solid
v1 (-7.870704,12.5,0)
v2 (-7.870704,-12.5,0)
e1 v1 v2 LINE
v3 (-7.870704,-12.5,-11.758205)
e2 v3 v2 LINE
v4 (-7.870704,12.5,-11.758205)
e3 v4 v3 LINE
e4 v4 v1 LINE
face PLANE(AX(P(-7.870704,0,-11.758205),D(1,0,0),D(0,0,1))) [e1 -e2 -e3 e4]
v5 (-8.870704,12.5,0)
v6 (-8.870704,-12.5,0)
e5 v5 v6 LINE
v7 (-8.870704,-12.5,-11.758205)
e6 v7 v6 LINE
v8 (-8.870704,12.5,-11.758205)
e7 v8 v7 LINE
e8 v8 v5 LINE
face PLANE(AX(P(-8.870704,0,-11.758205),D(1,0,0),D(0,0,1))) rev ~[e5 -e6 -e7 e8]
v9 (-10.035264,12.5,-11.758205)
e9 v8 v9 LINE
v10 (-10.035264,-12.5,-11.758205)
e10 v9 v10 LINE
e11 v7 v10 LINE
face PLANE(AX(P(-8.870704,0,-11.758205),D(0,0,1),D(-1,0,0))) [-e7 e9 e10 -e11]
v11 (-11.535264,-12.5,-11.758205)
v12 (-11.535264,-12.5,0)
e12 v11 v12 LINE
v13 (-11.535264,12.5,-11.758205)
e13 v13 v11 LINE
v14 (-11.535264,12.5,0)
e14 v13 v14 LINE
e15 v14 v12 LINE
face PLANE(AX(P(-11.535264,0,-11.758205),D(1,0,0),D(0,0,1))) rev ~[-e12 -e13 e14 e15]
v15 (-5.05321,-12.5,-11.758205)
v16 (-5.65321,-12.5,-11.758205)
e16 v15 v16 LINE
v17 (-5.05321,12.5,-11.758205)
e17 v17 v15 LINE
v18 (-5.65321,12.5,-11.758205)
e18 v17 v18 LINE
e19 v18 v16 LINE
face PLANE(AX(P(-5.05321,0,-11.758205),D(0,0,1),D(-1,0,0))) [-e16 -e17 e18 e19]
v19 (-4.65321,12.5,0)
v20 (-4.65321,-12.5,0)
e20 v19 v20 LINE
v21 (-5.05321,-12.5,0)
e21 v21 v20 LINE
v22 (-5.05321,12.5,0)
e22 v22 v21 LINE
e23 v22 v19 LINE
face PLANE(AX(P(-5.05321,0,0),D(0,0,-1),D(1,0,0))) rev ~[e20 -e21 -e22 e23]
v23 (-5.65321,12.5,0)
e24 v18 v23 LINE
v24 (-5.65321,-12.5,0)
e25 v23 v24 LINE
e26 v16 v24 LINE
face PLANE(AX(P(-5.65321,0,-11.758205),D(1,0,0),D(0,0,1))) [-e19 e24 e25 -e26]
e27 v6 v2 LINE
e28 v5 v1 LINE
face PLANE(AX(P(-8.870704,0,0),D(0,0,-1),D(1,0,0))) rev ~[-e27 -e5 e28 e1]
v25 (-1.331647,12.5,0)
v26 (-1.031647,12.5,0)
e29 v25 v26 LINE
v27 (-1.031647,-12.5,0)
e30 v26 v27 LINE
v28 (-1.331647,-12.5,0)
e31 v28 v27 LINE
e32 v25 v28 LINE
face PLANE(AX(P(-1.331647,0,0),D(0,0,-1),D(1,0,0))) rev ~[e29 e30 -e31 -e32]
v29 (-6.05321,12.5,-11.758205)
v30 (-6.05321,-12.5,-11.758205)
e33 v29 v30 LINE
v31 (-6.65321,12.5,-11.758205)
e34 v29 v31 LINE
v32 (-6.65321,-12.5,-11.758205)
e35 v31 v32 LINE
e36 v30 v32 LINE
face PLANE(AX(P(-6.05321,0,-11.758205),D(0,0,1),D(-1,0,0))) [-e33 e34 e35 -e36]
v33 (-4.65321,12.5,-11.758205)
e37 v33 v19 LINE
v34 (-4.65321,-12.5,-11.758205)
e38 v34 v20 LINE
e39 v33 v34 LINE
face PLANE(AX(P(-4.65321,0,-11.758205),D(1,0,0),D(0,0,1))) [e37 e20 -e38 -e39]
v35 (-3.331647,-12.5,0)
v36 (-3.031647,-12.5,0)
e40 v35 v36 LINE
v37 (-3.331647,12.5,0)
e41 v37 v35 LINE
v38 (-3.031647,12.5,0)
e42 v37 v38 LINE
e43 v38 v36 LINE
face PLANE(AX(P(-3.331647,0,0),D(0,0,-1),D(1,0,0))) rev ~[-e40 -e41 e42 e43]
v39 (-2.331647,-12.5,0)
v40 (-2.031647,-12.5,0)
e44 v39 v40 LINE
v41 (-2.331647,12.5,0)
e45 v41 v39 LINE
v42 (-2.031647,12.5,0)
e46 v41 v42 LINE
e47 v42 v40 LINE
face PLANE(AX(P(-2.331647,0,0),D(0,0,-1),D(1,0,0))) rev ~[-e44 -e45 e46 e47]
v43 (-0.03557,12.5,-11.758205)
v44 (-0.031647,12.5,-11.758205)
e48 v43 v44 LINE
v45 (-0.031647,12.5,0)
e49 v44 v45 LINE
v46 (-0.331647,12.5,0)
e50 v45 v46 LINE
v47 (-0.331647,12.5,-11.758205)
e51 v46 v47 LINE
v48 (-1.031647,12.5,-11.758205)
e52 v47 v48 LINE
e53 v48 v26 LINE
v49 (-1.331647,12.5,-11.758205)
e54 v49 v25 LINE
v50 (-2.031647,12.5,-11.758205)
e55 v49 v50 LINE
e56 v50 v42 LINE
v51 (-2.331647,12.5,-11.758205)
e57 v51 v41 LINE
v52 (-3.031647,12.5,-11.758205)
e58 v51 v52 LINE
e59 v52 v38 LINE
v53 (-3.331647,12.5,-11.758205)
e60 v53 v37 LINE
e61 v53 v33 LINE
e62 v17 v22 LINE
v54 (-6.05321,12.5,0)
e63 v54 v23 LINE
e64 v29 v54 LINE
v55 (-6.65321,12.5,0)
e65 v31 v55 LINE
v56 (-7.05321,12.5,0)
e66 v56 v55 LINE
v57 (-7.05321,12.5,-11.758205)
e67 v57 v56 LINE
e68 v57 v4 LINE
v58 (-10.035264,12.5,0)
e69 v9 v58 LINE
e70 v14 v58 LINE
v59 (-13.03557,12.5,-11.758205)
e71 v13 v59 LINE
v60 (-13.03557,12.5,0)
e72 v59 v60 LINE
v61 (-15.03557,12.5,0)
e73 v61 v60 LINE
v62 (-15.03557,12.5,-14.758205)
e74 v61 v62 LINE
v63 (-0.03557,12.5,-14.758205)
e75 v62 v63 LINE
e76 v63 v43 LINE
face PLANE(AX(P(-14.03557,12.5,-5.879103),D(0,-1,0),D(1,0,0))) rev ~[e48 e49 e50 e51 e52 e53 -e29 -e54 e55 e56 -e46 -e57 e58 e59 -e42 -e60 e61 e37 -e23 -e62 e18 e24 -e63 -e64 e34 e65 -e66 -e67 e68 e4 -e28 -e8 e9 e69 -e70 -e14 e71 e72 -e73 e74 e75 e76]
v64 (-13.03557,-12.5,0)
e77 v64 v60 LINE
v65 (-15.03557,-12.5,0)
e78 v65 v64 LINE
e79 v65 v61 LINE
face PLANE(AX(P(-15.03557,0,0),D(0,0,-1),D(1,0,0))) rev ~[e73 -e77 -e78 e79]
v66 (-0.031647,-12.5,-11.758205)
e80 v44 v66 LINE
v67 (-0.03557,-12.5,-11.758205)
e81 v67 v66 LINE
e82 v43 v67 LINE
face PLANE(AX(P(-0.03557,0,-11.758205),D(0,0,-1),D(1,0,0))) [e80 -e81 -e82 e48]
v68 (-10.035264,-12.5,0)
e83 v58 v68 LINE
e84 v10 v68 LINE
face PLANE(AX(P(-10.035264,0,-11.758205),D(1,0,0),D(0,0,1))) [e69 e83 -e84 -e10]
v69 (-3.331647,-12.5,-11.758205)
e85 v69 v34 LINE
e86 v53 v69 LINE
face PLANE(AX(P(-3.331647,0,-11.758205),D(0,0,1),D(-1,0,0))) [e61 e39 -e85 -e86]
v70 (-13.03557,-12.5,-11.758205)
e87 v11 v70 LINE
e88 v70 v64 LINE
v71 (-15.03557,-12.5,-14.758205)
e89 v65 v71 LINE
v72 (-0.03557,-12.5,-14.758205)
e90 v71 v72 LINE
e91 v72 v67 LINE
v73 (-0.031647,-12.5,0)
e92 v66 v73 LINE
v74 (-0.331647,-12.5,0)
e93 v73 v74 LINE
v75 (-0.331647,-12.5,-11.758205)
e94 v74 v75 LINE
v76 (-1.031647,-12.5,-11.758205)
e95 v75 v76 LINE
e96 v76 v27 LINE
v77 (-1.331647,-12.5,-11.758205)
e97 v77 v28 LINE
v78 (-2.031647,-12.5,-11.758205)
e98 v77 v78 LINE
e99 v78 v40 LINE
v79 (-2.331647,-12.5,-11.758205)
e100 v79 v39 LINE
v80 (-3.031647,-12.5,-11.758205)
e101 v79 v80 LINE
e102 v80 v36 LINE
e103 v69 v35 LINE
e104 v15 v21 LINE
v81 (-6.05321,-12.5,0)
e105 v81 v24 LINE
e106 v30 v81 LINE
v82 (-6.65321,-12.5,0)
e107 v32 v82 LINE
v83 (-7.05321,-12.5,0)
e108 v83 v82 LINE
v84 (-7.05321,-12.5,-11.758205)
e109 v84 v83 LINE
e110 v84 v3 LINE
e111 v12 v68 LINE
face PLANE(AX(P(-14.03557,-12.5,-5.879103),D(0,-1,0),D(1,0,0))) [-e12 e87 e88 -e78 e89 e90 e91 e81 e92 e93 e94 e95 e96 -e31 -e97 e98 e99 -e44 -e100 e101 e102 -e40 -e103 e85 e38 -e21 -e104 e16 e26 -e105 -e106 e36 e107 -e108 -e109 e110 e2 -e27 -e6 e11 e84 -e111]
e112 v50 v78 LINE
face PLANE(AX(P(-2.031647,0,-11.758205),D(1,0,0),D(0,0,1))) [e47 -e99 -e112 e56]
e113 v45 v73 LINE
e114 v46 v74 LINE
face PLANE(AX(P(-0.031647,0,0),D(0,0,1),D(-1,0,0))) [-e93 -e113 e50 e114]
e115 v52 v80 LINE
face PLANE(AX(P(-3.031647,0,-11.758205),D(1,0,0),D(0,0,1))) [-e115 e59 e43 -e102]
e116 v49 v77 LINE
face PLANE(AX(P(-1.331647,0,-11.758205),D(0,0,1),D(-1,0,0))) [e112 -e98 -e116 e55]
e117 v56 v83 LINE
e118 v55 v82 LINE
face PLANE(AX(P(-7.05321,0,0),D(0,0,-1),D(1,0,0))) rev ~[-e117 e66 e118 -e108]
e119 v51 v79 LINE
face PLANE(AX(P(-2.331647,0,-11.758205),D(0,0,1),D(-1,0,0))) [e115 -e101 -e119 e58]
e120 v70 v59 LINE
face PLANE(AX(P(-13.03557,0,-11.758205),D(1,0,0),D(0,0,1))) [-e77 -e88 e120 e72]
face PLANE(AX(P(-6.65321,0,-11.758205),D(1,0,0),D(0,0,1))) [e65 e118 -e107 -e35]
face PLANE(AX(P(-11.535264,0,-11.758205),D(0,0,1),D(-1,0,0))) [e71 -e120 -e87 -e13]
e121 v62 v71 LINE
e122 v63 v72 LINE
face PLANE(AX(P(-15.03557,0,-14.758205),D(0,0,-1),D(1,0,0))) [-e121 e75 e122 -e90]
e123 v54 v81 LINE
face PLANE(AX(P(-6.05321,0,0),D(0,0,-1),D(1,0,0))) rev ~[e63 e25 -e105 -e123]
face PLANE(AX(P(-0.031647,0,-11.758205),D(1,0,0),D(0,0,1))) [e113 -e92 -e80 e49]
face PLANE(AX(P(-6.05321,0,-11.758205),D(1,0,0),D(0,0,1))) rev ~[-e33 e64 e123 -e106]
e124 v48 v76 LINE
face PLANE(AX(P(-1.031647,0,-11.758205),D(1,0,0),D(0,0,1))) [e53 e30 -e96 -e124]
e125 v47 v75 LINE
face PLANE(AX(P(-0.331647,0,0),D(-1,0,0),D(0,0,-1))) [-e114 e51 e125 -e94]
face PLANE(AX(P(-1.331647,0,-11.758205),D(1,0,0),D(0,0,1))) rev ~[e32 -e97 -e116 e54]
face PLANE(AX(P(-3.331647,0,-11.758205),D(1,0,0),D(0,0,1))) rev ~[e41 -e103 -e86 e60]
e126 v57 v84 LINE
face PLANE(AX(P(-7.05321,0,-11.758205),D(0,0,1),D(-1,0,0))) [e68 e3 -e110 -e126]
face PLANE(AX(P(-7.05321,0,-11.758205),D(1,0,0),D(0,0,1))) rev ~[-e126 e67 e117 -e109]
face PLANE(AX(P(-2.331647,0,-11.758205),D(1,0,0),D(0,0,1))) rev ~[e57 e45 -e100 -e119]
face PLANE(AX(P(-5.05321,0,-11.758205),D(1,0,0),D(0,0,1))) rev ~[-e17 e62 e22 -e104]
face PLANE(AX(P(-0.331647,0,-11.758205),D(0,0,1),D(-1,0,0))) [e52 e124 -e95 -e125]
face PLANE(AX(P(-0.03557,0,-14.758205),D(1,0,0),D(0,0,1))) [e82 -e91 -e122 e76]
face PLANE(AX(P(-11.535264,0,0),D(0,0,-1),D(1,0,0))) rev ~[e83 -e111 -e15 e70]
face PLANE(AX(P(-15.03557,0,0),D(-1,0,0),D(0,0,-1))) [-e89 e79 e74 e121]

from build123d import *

# Parameters (mm, degrees)
F0_W     = 5.08
F0_H     = 25.4
F0_W_2   = 2.54
F0_W_3   = 3.81
F1_DEPTH = 40
F3_W     = 2
F3_H     = 11.758205078
F3_W_2   = 1.5
F3_W_3   = 1
F3_W_4   = 0.3
F3_W_5   = 0.4
F4_DEPTH = 12.5


with BuildPart() as f1:
    # F0 (on Front) → F1 (new body)
    with BuildSketch(Plane.XZ):
        Polygon((-39.5374095005, -17.8057016992), (-44.6174095005, -17.8057016992), (-44.6174095005, -22.8857016992), (56.9825904995, -22.8857016992), (56.9825904995, -17.8057016992), (51.9025904995, -17.8057016992), (40.6538585508, -17.8057016992), (38.1138585508, -17.8057016992), (25.9218535846, -17.8057016992), (22.1118535846, -17.8057016992), (8.1349273361, -17.8057016992), (3.0549273361, -17.8057016992), (-17.8261825508, -17.8057016992), (-20.3661825508, -17.8057016992), (-27.4666358256, -17.8057016992), (-31.2766358256, -17.8057016992), align=None)
        with Locations((54.4425904995, -5.1057016992)):
            Rectangle(F0_W, F0_H)
        with Locations((39.3838585508, -5.1057016992)):
            Rectangle(F0_W_2, F0_H)
        with Locations((24.0168535846, -5.1057016992)):
            Rectangle(F0_W_3, F0_H)
        with Locations((5.5949273361, -5.1057016992)):
            Rectangle(F0_W, F0_H)
        with Locations((-29.3716358256, -5.1057016992)):
            Rectangle(F0_W_3, F0_H)
        with Locations((-42.0774095005, -5.1057016992)):
            Rectangle(F0_W, F0_H)
        with Locations((-19.0961825508, -5.1057016992)):
            Rectangle(F0_W_2, F0_H)
    extrude(amount=F1_DEPTH)


with BuildPart() as f4:
    # F3 (on Front) → F4 (new body, symmetric)
    with BuildSketch(Plane.XZ):
        with Locations((-14.0355701865, -5.879102539)):
            Rectangle(F3_W, F3_H)
        Polygon((-13.0355701865, -11.758205078), (-15.0355701865, -11.758205078), (-15.0355701865, -14.758205078), (-0.0355701865, -14.758205078), (-0.0355701865, -11.758205078), (-0.3316470217, -11.758205078), (-1.0316470217, -11.758205078), (-1.3316470217, -11.758205078), (-2.0316470217, -11.758205078), (-2.3316470217, -11.758205078), (-3.0316470217, -11.758205078), (-3.3316470217, -11.758205078), (-4.6532104, -11.758205078), (-5.0532104, -11.758205078), (-5.6532104, -11.758205078), (-6.0532104, -11.758205078), (-6.6532104, -11.758205078), (-7.0532104, -11.758205078), (-7.870703689, -11.758205078), (-8.870703689, -11.758205078), (-10.0352638757, -11.758205078), (-11.5352638757, -11.758205078), align=None)
        with Locations((-10.7852638757, -5.879102539)):
            Rectangle(F3_W_2, F3_H)
        Polygon((-0.3316470217, -11.758205078), (-0.0355701865, -11.758205078), (-0.0316470217, -11.758205078), (-0.0316470217, 0), (-0.3316470217, 0), align=None)
        with Locations((-8.370703689, -5.879102539)):
            Rectangle(F3_W_3, F3_H)
        with Locations((-1.1816470217, -5.879102539)):
            Rectangle(F3_W_4, F3_H)
        with Locations((-6.8532104, -5.879102539)):
            Rectangle(F3_W_5, F3_H)
        with Locations((-2.1816470217, -5.879102539)):
            Rectangle(F3_W_4, F3_H)
        with Locations((-5.8532104, -5.879102539)):
            Rectangle(F3_W_5, F3_H)
        with Locations((-3.1816470217, -5.879102539)):
            Rectangle(F3_W_4, F3_H)
        with Locations((-4.8532104, -5.879102539)):
            Rectangle(F3_W_5, F3_H)
    extrude(amount=F4_DEPTH, both=True)


solid = f4.part
